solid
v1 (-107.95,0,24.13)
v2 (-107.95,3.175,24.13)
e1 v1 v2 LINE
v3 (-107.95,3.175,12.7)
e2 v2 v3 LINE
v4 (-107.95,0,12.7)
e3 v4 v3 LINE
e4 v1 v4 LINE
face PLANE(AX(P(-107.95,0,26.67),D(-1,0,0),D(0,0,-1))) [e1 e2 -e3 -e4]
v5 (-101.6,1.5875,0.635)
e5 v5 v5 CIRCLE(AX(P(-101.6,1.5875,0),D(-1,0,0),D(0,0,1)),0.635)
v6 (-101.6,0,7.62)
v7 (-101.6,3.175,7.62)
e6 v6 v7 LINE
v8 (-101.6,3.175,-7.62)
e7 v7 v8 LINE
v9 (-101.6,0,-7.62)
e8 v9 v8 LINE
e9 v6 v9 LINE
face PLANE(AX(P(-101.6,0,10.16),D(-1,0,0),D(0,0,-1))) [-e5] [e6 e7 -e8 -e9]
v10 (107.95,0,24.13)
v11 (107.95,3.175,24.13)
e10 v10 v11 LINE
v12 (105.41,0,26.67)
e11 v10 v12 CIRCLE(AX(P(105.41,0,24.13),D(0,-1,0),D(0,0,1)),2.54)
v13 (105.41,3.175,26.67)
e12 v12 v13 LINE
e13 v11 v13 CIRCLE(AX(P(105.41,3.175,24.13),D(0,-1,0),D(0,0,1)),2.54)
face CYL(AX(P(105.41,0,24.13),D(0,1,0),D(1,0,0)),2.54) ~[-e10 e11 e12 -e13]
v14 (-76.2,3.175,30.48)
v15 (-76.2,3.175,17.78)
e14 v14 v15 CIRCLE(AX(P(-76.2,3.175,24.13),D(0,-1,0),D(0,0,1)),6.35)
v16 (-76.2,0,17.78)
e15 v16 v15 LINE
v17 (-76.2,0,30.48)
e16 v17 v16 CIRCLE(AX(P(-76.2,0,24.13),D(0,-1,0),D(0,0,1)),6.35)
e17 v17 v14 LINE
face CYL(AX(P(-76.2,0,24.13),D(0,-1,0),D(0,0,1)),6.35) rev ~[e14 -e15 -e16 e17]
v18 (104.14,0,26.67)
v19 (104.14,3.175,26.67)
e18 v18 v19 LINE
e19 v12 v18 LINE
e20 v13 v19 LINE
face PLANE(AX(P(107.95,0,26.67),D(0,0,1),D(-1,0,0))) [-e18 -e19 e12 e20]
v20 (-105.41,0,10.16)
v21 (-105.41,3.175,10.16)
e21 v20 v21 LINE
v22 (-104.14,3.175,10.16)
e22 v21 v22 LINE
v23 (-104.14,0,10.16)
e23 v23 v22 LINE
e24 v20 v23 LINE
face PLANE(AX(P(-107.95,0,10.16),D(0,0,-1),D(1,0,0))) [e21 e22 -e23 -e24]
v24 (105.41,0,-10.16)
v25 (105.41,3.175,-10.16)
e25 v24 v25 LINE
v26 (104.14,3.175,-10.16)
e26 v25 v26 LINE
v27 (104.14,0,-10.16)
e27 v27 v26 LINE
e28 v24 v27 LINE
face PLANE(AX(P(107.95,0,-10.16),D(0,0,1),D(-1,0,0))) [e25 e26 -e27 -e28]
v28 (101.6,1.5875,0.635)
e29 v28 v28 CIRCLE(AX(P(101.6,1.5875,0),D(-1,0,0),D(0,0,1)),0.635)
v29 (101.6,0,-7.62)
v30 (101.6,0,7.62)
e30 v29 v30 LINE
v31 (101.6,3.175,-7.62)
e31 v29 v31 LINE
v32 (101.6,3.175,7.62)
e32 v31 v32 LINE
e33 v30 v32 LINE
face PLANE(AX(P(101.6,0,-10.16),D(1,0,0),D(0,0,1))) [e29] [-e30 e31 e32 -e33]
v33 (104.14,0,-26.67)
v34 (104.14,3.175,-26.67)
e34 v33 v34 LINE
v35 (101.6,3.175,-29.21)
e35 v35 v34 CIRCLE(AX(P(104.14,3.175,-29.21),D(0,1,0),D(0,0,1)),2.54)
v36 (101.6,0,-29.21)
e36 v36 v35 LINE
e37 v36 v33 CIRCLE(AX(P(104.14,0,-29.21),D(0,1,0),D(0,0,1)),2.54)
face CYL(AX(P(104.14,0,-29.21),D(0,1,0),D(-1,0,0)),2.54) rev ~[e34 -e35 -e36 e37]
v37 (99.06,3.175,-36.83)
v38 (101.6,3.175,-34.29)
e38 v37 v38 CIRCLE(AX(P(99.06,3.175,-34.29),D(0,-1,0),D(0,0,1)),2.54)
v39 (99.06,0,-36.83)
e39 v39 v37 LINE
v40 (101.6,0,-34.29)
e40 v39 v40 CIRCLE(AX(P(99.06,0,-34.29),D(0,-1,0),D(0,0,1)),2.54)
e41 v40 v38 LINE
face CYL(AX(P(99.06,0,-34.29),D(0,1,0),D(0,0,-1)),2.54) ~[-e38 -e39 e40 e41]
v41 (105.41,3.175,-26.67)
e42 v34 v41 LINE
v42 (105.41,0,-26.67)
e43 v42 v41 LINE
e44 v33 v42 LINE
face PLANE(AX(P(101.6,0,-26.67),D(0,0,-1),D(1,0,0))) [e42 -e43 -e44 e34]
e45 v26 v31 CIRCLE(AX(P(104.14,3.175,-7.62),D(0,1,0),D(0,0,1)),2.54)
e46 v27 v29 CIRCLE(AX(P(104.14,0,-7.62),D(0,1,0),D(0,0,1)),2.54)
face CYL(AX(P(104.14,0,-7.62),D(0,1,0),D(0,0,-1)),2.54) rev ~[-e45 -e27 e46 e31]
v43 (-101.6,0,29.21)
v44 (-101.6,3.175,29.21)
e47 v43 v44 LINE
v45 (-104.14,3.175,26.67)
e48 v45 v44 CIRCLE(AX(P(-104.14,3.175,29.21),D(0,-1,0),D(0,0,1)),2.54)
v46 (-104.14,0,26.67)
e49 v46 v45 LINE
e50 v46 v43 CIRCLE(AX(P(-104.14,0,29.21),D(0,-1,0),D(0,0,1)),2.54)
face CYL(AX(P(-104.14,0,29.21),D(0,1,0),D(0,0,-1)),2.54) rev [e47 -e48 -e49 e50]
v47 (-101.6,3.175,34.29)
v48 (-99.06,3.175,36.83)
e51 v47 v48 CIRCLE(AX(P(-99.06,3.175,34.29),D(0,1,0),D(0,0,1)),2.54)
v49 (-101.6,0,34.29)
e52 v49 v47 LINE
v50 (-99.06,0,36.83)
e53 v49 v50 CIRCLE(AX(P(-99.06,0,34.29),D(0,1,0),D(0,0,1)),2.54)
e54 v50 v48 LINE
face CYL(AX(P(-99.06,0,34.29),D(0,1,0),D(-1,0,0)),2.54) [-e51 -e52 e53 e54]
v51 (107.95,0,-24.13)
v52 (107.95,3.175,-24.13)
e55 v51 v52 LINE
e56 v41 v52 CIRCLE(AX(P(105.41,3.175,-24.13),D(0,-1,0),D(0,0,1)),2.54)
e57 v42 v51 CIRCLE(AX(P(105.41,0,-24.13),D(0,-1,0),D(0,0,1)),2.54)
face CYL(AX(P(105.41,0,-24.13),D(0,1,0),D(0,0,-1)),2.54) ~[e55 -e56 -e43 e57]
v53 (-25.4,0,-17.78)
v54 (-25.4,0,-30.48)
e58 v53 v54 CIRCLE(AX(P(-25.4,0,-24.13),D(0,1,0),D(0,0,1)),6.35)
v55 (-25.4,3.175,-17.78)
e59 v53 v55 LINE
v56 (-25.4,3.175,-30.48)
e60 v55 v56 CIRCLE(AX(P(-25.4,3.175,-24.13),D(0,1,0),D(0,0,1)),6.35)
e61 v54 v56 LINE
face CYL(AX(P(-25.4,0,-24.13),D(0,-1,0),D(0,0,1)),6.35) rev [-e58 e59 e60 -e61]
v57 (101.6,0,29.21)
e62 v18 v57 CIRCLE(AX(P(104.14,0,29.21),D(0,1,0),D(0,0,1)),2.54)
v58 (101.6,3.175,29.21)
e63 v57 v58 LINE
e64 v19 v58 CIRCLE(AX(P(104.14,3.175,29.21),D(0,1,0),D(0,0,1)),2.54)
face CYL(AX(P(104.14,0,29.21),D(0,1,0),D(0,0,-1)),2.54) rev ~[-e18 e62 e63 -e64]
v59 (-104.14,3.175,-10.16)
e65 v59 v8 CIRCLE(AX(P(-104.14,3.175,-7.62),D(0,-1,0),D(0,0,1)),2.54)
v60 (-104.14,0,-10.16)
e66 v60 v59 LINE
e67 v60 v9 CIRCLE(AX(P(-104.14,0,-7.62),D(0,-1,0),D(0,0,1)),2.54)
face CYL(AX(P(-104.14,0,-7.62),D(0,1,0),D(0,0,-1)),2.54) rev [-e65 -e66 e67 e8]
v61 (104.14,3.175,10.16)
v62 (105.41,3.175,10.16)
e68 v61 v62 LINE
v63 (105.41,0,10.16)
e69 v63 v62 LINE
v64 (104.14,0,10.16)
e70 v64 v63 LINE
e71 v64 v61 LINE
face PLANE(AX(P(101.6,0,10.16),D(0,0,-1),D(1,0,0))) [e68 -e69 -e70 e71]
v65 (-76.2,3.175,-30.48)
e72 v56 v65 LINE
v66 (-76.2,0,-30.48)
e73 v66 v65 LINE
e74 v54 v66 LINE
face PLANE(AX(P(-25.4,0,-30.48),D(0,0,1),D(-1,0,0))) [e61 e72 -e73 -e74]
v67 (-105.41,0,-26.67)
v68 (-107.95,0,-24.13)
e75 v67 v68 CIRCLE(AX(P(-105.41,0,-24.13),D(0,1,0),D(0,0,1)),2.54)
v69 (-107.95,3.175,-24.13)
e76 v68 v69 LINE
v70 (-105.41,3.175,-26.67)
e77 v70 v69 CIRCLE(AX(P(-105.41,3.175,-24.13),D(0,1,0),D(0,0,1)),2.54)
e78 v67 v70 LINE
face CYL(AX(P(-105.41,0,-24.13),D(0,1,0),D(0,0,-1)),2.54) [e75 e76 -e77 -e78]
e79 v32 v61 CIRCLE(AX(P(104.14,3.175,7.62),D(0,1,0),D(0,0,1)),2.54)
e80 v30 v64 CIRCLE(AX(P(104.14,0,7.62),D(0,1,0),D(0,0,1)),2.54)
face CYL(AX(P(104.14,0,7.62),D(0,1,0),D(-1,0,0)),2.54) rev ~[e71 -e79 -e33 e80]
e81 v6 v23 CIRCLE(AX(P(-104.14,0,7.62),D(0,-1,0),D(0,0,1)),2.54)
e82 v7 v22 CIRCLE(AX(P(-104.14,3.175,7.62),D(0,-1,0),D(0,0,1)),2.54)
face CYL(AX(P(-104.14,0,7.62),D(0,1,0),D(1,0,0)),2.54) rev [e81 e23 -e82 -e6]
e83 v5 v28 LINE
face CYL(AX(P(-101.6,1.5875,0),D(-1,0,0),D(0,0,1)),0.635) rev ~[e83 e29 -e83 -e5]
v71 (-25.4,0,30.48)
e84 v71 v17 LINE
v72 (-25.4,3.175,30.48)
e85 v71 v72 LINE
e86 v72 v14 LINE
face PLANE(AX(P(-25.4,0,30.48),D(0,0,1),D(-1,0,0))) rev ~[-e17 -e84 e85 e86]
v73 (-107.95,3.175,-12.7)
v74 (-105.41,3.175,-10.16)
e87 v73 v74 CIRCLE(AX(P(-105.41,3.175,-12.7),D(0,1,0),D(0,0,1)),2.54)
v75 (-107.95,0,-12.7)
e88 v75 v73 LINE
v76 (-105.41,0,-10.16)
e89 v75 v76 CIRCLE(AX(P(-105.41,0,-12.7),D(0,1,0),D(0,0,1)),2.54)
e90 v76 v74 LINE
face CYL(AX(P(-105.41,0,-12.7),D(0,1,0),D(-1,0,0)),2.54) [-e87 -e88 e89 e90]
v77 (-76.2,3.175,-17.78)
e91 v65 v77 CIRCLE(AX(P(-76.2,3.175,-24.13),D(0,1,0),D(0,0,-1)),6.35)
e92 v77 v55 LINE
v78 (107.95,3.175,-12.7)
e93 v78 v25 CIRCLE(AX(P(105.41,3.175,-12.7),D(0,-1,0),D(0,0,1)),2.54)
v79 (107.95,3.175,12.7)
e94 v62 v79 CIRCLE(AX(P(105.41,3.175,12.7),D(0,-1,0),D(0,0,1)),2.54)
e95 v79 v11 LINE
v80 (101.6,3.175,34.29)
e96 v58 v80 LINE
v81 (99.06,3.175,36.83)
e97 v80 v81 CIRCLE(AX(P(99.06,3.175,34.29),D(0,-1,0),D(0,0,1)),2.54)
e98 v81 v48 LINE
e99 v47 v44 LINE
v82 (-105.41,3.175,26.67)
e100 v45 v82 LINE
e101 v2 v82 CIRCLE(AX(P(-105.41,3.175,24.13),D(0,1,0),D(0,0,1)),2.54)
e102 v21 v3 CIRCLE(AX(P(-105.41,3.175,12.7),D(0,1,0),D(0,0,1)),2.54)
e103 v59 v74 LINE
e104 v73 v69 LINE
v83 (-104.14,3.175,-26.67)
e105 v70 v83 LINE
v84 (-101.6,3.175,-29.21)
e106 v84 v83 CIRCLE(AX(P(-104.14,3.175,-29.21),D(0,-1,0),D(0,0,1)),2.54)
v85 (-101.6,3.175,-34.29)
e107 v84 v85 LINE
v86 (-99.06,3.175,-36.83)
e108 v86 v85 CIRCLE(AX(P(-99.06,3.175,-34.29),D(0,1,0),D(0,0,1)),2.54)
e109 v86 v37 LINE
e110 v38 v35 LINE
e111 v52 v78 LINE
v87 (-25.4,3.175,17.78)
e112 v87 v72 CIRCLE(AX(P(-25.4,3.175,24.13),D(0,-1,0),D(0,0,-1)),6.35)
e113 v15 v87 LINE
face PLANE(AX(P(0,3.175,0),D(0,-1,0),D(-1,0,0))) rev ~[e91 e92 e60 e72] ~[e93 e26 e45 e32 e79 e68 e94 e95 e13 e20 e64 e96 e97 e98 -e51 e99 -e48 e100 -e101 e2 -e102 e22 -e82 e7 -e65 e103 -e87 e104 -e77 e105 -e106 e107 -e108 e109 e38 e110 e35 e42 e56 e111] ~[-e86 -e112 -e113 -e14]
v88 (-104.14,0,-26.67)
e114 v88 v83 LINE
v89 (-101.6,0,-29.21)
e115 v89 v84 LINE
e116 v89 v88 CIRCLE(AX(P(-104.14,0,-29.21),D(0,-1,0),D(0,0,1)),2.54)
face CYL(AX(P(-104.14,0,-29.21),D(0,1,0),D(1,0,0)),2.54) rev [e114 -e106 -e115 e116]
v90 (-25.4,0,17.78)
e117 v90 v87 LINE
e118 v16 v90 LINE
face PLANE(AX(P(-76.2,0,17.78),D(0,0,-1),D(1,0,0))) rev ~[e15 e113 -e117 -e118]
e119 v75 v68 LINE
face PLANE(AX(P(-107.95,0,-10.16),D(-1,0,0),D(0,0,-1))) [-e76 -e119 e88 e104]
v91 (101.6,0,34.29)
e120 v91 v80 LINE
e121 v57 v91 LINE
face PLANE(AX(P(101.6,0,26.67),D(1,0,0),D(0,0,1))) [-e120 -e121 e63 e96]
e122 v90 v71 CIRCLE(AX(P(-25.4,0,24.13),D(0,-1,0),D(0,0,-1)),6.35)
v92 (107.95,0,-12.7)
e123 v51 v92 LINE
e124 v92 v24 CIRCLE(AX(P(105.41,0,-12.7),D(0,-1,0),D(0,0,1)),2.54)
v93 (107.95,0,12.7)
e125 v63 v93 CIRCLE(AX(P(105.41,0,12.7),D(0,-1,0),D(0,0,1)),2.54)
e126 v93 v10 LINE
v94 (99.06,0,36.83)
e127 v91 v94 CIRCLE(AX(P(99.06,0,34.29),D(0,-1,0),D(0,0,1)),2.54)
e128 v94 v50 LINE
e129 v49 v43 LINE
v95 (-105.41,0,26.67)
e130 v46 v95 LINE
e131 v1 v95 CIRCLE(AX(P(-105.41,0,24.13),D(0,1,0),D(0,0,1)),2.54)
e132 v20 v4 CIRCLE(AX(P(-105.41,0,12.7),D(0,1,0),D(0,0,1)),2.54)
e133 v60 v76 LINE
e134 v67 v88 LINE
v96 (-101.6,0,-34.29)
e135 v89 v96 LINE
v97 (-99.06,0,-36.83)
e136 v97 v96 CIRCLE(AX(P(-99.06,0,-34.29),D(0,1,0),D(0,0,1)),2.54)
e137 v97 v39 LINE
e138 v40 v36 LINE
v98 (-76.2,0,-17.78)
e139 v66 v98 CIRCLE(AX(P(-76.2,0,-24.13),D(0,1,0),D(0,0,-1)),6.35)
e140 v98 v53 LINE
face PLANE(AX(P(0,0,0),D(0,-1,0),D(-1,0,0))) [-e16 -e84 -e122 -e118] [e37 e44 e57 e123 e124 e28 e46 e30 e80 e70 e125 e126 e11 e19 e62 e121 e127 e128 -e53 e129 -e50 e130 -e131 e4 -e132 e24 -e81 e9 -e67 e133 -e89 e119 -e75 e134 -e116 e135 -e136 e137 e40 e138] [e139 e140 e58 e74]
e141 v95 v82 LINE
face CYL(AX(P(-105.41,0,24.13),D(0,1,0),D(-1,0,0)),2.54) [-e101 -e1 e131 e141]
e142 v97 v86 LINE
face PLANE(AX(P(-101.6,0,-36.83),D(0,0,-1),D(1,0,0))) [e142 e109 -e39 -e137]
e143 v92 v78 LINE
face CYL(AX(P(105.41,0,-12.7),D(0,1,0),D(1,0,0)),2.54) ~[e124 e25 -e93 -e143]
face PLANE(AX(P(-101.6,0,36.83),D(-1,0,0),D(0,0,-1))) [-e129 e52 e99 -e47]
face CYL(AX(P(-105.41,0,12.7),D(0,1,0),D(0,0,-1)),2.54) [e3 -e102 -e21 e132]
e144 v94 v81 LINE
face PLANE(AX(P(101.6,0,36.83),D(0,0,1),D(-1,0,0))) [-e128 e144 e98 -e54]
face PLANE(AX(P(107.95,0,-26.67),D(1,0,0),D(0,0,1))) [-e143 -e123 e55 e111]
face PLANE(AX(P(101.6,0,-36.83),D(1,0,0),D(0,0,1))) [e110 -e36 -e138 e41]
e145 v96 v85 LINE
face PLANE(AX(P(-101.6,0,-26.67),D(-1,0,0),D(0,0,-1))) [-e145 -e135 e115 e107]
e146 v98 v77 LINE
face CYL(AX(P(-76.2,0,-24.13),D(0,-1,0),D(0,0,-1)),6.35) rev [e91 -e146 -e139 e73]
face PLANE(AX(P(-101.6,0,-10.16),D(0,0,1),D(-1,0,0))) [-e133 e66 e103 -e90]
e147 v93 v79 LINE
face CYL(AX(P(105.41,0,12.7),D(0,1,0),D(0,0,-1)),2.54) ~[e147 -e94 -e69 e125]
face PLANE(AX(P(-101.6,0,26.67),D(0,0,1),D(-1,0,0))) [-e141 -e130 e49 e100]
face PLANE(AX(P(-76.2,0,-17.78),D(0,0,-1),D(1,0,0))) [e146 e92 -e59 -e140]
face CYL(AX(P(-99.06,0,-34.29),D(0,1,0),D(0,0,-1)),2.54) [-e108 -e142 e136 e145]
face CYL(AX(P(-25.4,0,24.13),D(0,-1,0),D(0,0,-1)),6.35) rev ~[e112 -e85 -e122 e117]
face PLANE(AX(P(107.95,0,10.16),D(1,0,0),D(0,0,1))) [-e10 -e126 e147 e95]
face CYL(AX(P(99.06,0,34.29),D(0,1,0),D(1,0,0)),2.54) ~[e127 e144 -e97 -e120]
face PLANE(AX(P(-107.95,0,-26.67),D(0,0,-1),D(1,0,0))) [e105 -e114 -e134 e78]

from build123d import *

# Parameters (mm, degrees)
BOSS_EXTRUDE1_DEPTH = 3.175
FILLET1_R           = 2.54
SKETCH3_R           = 0.635
CUT_EXTRUDE1_DEPTH  = 213.785648071


with BuildPart() as part:
    # Sketch1 → Boss-Extrude1 (new body)
    with BuildSketch(Plane(origin=(0, 0, 0), x_dir=(1, 0, 0), z_dir=(0, 1, 0))):
        Polygon((-101.6, 36.83), (101.6, 36.83), (101.6, 26.67), (107.95, 26.67), (107.95, 10.16), (101.6, 10.16), (101.6, -10.16), (107.95, -10.16), (107.95, -26.67), (101.6, -26.67), (101.6, -36.83), (-101.6, -36.83), (-101.6, -26.67), (-107.95, -26.67), (-107.95, -10.16), (-101.6, -10.16), (-101.6, 10.16), (-107.95, 10.16), (-107.95, 26.67), (-101.6, 26.67), align=None)
        with BuildLine():
            Line((-76.2, -17.78), (-25.4, -17.78))
            ThreePointArc((-25.4, -17.78), (-19.05, -24.13), (-25.4, -30.48))
            Line((-25.4, -30.48), (-76.2, -30.48))
            ThreePointArc((-76.2, -30.48), (-82.55, -24.13), (-76.2, -17.78))
        make_face(mode=Mode.SUBTRACT)
        with BuildLine():
            Line((-76.2, 17.78), (-25.4, 17.78))
            ThreePointArc((-25.4, 17.78), (-19.05, 24.13), (-25.4, 30.48))
            Line((-25.4, 30.48), (-76.2, 30.48))
            ThreePointArc((-76.2, 30.48), (-82.55, 24.13), (-76.2, 17.78))
        make_face(mode=Mode.SUBTRACT)
    extrude(amount=BOSS_EXTRUDE1_DEPTH)

    # Fillet1
    fillet1_edges = [part.edges().sort_by_distance(p)[0] for p in [
        (101.6, 1.5875, 36.83),
        (-101.6, 1.5875, 36.83),
        (-101.6, 1.5875, 26.67),
        (-107.95, 1.5875, 26.67),
        (-107.95, 1.5875, 10.16),
        (-101.6, 1.5875, 10.16),
        (-101.6, 1.5875, -10.16),
        (-107.95, 1.5875, -10.16),
        (-107.95, 1.5875, -26.67),
        (-101.6, 1.5875, -26.67),
        (-101.6, 1.5875, -36.83),
        (101.6, 1.5875, -36.83),
        (101.6, 1.5875, -26.67),
        (107.95, 1.5875, -26.67),
        (107.95, 1.5875, -10.16),
        (101.6, 1.5875, -10.16),
        (101.6, 1.5875, 10.16),
        (107.95, 1.5875, 10.16),
        (107.95, 1.5875, 26.67),
        (101.6, 1.5875, 26.67),
    ]]
    fillet(fillet1_edges, radius=FILLET1_R)

    # Sketch3 → Cut-Extrude1 (cut, through all)
    with BuildSketch(Plane.ZY.offset(101.6)):
        with Locations((0, 1.5875)):
            Circle(SKETCH3_R)
    extrude(amount=-CUT_EXTRUDE1_DEPTH, mode=Mode.SUBTRACT)


solid = part.part
